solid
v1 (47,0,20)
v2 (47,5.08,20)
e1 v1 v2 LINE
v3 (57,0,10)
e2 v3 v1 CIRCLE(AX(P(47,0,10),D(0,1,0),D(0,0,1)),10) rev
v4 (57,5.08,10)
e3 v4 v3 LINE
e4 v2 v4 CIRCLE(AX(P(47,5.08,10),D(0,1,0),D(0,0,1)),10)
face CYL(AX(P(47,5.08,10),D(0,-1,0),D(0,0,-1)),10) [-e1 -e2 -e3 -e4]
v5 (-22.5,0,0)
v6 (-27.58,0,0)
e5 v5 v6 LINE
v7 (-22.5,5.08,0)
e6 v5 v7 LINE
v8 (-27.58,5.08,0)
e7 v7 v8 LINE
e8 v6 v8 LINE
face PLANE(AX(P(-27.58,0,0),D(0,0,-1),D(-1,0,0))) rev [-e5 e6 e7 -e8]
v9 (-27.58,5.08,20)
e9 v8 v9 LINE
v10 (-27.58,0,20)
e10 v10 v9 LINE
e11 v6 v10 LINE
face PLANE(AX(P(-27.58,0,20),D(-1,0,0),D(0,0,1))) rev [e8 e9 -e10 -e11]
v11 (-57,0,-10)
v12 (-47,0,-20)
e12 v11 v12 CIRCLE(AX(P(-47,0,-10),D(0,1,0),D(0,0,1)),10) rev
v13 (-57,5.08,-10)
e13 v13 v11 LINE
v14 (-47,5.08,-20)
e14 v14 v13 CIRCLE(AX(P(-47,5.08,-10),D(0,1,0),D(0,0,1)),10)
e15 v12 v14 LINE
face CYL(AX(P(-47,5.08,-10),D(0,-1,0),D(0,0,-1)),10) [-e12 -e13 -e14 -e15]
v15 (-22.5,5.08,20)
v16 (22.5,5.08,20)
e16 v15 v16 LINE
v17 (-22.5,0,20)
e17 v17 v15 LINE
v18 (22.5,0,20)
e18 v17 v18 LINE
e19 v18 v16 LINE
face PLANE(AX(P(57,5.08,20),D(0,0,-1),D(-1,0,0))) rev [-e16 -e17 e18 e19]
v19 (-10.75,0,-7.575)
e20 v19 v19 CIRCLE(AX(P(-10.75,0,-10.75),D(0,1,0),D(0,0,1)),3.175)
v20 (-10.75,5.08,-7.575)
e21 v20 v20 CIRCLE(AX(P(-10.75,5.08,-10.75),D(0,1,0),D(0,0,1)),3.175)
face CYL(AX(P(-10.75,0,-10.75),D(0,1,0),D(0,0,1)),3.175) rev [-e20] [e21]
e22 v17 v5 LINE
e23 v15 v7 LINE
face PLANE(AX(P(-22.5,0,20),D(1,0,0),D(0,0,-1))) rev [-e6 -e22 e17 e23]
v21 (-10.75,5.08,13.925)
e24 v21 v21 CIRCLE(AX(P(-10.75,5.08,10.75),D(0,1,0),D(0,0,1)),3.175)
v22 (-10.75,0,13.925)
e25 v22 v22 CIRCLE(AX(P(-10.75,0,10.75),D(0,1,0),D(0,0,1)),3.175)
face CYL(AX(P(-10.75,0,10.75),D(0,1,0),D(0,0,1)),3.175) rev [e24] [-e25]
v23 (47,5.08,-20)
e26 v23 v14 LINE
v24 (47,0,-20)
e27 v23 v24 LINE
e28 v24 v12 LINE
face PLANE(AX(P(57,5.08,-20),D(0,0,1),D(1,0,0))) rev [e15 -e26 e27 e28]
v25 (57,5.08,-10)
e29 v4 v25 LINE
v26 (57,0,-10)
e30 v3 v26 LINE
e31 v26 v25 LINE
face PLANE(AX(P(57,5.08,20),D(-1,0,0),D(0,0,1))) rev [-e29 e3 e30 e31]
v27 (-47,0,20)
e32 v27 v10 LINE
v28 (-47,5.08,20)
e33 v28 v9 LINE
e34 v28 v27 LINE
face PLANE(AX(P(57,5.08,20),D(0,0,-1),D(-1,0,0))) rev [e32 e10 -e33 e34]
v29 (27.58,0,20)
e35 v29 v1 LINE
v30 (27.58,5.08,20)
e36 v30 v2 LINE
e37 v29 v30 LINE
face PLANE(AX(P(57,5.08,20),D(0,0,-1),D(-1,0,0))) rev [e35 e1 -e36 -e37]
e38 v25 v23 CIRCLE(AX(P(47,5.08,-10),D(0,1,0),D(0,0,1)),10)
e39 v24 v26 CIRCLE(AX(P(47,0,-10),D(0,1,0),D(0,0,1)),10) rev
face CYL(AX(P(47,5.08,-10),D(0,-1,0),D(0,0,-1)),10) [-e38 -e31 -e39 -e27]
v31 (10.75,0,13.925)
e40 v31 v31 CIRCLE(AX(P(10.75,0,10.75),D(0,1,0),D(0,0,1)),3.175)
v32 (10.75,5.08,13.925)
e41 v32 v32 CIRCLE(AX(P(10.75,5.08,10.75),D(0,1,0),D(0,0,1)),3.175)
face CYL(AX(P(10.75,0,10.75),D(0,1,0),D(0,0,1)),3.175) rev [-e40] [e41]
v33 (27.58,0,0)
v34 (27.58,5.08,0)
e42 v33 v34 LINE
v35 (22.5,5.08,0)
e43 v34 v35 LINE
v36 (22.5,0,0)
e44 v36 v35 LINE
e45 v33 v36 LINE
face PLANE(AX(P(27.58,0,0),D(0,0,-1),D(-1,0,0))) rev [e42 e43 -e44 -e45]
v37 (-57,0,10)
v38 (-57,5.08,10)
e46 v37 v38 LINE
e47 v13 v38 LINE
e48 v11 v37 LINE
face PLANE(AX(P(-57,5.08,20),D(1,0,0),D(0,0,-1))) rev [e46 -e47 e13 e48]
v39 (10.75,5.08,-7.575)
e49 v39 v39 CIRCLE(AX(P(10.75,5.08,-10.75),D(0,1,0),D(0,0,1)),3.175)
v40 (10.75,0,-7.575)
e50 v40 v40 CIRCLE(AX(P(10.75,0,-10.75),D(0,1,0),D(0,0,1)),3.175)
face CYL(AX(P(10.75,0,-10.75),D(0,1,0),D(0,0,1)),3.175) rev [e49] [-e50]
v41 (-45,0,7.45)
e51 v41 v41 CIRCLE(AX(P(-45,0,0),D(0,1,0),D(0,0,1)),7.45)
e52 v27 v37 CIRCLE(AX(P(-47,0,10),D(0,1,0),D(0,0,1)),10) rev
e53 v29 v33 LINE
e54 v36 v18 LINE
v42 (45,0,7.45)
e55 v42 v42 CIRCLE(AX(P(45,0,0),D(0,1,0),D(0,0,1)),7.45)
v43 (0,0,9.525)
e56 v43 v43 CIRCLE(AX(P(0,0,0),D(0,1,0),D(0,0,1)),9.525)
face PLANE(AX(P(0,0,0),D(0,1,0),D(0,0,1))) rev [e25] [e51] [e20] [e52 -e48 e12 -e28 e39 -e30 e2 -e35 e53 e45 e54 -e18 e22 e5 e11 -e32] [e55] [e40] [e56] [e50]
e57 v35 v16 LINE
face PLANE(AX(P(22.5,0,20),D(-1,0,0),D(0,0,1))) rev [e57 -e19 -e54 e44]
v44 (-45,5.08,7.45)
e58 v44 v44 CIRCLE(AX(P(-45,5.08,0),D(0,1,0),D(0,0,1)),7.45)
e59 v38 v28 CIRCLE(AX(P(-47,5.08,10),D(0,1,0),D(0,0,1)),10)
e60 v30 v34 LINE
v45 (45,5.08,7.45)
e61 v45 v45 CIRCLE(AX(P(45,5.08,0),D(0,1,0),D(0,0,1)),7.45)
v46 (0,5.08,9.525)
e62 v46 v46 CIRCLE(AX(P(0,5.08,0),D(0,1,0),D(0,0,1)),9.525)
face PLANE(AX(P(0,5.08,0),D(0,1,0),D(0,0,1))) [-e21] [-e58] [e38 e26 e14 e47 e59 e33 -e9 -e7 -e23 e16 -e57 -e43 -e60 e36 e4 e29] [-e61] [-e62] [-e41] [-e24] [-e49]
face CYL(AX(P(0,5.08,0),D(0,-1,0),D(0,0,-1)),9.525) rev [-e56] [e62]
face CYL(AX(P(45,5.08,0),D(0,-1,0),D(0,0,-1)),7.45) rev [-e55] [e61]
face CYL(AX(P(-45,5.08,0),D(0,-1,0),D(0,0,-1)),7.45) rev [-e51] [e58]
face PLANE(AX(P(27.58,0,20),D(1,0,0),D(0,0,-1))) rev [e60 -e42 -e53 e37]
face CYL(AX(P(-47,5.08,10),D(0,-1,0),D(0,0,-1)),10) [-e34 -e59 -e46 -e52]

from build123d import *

# Parameters (mm, degrees)
SKETCH1_W           = 114
SKETCH1_H           = 40
SKETCH1_R           = 7.45
SKETCH1_R_2         = 9.525
BOSS_EXTRUDE1_DEPTH = 5.08
FILLET1_R           = 10
SKETCH2_R           = 3.175
SKETCH2_W           = 5.08
SKETCH2_H           = 20
CUT_EXTRUDE1_DEPTH  = 6.08


with BuildPart() as part:
    # Sketch1 → Boss-Extrude1 (new body)
    with BuildSketch(Plane(origin=(0, 0, 0), x_dir=(1, 0, 0), z_dir=(0, 1, 0))):
        Rectangle(SKETCH1_W, SKETCH1_H)
        with Locations((-45, 0)):
            Circle(SKETCH1_R, mode=Mode.SUBTRACT)
        with Locations((45, 0)):
            Circle(SKETCH1_R, mode=Mode.SUBTRACT)
        Circle(SKETCH1_R_2, mode=Mode.SUBTRACT)
    extrude(amount=BOSS_EXTRUDE1_DEPTH)

    # Fillet1
    fillet1_edges = [part.edges().sort_by_distance(p)[0] for p in [
        (-57, 2.54, -20),
        (57, 2.54, -20),
        (57, 2.54, 20),
        (-57, 2.54, 20),
    ]]
    fillet(fillet1_edges, radius=FILLET1_R)

    # Sketch2 → Cut-Extrude1 (cut, through all)
    with BuildSketch(Plane(origin=(0, 5.08, 0), x_dir=(1, 0, 0), z_dir=(0, 1, 0))):
        with Locations((10.75, -10.75)):
            Circle(SKETCH2_R)
        with Locations((-10.75, -10.75)):
            Circle(SKETCH2_R)
        with Locations((-10.75, 10.75)):
            Circle(SKETCH2_R)
        with Locations((10.75, 10.75)):
            Circle(SKETCH2_R)
        with Locations((-25.04, -10)):
            Rectangle(SKETCH2_W, SKETCH2_H)
        with Locations((25.04, -10)):
            Rectangle(SKETCH2_W, SKETCH2_H)
    extrude(amount=-CUT_EXTRUDE1_DEPTH, mode=Mode.SUBTRACT)


solid = part.part
